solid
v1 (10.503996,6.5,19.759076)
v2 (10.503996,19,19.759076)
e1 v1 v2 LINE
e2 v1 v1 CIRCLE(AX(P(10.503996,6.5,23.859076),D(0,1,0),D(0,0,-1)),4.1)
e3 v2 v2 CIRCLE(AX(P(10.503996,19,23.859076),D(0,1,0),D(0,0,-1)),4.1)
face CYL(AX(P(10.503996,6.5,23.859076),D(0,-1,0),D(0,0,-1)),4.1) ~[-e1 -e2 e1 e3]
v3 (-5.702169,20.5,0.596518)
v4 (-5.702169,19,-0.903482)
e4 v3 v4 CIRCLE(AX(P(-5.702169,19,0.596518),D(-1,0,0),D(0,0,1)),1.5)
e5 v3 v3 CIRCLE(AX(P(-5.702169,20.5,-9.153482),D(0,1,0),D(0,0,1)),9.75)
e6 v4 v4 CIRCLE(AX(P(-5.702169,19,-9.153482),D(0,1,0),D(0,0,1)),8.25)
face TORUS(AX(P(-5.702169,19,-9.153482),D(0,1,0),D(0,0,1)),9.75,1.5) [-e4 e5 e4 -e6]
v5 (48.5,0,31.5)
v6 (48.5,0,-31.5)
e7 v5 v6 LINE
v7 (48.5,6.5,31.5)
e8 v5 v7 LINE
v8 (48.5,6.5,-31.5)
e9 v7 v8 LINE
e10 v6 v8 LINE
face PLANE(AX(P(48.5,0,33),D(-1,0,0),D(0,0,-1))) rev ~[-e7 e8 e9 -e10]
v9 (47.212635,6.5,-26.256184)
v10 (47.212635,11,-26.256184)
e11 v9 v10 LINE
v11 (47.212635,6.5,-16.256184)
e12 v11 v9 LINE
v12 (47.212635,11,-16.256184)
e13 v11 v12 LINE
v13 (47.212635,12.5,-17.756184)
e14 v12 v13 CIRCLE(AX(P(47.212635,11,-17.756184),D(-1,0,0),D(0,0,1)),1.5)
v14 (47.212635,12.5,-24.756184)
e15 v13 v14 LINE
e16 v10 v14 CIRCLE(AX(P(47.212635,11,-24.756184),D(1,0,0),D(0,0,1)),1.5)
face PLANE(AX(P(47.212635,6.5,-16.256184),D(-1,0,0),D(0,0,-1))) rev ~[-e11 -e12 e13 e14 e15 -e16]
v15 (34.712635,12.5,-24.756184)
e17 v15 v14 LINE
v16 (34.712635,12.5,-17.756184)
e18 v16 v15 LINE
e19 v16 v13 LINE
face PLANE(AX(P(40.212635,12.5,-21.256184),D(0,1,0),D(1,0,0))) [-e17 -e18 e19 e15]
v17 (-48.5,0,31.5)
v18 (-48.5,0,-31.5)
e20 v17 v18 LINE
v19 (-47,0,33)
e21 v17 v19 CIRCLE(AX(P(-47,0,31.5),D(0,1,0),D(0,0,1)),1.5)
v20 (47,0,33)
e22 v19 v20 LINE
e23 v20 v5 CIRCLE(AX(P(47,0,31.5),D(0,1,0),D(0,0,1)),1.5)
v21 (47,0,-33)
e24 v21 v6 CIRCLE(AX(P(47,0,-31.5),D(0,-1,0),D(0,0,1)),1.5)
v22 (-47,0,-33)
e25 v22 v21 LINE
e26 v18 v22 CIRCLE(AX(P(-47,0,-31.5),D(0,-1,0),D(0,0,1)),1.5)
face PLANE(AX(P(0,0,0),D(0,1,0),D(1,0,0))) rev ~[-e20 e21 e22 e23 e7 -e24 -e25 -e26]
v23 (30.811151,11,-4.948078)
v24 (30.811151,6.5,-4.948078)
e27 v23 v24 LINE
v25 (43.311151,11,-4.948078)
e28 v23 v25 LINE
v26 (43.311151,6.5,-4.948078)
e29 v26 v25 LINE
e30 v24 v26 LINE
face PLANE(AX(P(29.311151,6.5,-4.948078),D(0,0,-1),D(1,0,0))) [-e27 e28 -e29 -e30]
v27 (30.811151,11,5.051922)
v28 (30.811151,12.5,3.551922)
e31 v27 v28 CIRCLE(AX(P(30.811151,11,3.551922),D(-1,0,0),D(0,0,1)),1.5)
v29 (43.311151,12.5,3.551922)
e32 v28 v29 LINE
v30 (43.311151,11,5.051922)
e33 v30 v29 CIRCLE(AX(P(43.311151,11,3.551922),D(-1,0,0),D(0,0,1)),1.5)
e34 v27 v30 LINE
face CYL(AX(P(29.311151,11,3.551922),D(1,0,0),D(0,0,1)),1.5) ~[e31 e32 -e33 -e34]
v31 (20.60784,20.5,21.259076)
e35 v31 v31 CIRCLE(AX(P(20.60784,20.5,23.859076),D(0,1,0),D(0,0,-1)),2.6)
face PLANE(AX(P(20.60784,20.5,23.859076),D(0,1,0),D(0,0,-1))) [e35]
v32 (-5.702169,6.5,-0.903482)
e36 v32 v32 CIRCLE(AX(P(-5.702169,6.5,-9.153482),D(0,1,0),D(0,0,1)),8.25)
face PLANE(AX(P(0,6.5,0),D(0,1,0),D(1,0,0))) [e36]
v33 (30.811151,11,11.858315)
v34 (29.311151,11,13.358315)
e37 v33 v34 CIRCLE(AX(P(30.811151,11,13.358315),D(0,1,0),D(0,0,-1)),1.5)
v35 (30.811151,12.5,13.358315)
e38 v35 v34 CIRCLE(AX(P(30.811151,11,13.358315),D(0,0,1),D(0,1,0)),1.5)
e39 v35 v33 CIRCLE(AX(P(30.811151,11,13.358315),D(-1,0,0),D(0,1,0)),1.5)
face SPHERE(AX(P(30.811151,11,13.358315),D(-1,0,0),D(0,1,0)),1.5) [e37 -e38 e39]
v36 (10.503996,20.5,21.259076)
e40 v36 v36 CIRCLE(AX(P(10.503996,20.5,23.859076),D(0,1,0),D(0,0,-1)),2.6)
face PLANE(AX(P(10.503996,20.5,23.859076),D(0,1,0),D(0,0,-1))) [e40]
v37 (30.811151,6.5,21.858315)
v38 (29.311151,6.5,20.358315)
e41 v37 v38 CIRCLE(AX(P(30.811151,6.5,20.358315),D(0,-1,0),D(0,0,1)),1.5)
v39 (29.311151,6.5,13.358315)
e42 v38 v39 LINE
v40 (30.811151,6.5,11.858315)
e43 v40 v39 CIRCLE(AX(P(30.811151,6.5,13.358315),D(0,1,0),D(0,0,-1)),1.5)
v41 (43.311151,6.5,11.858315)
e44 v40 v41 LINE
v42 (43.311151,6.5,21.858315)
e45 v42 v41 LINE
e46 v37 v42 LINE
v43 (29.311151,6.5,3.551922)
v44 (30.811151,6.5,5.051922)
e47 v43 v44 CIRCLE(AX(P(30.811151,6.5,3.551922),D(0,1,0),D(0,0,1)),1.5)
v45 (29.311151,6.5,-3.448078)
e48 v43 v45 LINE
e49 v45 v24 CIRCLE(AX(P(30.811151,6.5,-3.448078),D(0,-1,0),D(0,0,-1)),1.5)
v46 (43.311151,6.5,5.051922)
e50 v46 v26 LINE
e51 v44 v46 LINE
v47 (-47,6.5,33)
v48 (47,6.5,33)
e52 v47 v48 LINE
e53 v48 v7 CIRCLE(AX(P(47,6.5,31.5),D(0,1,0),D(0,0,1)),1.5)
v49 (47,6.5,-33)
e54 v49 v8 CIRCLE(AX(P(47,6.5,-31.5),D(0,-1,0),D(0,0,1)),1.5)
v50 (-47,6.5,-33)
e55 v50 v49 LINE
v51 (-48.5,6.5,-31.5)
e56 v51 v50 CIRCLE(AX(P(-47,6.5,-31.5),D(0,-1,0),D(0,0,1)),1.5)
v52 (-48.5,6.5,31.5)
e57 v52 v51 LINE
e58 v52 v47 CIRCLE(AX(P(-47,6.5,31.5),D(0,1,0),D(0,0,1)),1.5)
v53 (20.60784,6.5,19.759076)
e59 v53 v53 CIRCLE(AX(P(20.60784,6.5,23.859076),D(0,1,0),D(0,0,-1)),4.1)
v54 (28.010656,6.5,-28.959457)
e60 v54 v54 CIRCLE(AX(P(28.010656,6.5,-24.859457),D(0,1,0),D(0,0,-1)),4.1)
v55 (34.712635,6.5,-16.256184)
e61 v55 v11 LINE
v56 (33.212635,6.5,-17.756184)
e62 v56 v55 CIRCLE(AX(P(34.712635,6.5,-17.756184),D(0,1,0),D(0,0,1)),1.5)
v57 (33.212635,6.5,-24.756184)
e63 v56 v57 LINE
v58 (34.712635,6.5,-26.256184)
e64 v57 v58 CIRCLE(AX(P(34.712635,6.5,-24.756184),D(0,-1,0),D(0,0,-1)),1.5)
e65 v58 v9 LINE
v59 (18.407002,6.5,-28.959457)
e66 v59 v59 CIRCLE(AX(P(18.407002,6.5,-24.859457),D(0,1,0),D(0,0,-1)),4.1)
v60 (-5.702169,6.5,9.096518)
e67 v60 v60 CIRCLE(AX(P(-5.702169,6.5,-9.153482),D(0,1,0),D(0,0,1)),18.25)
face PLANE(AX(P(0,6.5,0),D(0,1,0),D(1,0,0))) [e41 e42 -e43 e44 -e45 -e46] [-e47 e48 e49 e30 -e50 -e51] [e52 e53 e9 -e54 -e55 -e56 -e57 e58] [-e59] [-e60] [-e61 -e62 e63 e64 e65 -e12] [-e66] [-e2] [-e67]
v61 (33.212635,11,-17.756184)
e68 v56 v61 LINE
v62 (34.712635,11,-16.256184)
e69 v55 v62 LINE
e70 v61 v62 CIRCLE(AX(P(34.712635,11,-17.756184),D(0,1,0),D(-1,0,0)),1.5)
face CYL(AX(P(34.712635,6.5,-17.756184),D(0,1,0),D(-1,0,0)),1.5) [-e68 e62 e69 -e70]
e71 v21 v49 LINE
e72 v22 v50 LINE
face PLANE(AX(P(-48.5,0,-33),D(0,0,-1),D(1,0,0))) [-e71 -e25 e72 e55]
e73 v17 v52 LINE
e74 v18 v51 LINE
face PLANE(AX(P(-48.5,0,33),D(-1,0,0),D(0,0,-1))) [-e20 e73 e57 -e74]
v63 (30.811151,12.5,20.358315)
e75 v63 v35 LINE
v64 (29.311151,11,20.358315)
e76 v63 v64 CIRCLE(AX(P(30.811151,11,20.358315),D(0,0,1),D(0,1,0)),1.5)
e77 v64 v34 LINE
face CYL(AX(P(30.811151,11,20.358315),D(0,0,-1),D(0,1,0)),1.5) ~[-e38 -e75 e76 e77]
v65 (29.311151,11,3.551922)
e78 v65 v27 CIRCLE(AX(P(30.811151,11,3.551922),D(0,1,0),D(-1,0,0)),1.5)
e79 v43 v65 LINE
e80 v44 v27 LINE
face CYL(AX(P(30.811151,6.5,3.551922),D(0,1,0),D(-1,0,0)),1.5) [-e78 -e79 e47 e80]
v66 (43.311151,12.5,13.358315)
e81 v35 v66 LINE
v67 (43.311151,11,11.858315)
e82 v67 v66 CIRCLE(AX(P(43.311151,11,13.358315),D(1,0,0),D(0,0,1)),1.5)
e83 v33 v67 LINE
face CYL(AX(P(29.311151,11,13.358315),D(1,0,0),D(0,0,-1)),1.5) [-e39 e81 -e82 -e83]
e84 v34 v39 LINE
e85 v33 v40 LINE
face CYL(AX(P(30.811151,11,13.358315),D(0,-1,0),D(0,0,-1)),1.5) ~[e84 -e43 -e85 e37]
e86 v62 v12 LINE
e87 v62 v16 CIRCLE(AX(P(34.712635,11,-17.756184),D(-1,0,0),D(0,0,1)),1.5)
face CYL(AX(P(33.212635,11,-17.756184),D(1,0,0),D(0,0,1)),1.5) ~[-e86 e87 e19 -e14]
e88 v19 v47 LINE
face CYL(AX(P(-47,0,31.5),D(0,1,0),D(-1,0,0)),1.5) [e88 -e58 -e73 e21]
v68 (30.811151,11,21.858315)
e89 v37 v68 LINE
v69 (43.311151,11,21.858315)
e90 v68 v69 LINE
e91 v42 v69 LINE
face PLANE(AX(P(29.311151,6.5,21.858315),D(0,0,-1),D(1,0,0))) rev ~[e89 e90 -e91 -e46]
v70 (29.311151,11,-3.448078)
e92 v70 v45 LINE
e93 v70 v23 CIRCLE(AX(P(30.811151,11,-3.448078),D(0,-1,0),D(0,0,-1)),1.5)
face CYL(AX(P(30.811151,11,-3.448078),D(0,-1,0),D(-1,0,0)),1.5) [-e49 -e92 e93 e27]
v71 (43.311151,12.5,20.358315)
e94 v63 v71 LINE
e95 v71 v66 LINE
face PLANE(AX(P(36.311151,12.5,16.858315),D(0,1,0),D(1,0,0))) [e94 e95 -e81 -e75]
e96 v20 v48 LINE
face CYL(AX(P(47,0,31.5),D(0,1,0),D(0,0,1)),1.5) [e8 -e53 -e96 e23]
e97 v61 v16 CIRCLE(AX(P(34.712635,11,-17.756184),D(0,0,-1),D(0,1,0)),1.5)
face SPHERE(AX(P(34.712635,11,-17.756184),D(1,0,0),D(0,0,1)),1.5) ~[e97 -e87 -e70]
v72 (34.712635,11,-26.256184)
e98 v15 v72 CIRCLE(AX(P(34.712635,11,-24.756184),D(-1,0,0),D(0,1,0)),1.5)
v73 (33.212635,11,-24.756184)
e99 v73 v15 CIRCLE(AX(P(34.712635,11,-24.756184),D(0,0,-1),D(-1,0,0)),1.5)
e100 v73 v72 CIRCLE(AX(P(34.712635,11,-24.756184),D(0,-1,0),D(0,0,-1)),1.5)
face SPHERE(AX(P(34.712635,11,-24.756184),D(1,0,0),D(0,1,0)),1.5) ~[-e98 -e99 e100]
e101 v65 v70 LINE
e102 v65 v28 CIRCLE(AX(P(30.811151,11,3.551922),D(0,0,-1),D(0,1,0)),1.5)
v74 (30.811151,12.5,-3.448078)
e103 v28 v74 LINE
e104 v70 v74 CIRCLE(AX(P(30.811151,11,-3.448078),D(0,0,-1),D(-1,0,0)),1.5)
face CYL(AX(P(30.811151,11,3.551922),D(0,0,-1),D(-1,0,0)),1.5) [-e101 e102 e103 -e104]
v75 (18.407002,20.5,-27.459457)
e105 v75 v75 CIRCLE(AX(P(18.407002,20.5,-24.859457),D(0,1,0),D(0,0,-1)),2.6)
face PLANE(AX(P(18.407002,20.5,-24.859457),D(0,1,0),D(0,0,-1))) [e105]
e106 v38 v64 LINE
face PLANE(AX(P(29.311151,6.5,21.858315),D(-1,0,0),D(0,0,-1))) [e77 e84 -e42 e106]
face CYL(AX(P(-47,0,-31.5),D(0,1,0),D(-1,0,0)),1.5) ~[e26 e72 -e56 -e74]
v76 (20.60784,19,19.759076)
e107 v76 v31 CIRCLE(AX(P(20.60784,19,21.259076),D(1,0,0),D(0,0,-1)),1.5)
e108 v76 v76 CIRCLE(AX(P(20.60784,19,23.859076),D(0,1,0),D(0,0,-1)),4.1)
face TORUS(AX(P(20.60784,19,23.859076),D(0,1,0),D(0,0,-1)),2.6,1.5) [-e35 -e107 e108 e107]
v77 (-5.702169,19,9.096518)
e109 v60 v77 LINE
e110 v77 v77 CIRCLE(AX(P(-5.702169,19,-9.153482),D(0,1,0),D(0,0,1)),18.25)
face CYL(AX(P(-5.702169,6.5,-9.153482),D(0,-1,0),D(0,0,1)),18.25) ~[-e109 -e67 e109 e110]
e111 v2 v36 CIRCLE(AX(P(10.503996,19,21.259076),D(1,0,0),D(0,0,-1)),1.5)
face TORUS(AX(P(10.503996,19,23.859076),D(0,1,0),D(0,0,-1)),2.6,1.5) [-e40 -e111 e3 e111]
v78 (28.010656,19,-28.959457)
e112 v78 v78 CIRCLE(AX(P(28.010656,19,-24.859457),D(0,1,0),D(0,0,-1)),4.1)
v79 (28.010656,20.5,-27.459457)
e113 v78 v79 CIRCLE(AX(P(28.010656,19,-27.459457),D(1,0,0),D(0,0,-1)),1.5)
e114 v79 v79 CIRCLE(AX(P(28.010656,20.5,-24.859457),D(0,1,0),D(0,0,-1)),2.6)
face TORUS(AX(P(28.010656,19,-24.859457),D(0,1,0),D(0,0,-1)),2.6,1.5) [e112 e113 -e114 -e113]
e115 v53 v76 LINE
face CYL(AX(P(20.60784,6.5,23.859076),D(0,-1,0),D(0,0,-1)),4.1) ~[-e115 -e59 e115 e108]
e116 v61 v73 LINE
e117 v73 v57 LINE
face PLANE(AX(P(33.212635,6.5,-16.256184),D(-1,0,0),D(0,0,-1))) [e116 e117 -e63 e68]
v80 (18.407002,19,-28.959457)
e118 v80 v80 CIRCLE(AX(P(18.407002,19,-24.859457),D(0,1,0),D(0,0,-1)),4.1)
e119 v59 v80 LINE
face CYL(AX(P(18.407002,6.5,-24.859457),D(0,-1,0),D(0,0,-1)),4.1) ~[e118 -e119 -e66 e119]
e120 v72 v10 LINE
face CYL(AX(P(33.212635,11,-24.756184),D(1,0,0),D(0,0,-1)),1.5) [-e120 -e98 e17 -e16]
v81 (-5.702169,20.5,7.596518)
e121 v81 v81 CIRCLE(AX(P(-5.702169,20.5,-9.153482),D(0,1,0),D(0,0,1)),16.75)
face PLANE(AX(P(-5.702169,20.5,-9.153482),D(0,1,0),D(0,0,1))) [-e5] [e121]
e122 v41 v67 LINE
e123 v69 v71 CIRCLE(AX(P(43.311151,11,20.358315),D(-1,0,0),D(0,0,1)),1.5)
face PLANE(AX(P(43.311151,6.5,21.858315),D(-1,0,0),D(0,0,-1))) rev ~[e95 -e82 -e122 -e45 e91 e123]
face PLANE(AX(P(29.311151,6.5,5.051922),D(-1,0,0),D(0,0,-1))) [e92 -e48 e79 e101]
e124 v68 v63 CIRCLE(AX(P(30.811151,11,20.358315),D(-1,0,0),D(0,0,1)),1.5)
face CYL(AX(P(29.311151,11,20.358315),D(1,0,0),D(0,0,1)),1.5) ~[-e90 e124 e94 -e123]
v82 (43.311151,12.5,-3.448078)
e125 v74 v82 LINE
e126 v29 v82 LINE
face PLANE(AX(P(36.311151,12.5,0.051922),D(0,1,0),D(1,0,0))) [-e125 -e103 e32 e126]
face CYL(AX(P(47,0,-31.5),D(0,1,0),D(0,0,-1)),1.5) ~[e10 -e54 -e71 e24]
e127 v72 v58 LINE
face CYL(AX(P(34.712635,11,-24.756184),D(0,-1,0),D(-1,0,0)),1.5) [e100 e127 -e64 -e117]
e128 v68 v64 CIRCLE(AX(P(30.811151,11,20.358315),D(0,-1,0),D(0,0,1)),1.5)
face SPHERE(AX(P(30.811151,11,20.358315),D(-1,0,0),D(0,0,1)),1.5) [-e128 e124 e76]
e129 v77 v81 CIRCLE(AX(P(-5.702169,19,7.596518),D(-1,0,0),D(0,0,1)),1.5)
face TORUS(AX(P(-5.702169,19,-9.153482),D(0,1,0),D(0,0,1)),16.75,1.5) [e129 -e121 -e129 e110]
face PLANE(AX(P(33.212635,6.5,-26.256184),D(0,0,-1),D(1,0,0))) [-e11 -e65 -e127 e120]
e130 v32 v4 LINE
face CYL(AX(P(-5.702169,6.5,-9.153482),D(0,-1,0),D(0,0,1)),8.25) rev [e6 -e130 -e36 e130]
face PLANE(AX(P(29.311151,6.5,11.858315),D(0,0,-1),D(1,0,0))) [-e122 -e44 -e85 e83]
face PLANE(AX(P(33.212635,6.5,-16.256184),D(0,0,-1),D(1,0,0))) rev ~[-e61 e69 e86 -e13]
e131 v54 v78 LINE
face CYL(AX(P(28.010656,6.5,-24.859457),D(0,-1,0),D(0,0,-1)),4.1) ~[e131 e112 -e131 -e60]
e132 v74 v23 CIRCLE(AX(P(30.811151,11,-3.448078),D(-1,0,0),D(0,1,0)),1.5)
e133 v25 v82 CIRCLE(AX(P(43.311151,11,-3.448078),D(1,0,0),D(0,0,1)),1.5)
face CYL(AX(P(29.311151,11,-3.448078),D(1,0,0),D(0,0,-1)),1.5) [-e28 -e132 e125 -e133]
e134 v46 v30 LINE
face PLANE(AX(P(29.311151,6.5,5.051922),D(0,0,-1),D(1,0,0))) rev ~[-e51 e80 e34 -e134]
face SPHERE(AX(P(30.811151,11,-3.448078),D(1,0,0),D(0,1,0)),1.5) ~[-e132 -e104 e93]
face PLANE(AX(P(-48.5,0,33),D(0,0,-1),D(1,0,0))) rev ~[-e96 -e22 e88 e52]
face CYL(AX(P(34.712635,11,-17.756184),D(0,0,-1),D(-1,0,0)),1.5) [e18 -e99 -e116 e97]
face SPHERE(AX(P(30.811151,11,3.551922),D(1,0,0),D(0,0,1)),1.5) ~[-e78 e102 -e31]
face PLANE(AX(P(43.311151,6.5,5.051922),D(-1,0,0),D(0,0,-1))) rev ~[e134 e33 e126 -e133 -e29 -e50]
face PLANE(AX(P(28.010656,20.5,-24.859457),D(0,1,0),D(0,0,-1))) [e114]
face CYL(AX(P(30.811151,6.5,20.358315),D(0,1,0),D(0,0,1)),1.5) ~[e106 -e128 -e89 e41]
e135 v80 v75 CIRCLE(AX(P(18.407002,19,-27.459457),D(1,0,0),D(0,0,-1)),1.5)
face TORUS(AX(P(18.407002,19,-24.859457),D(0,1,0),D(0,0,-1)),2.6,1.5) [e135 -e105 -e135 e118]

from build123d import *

# Parameters (mm, degrees)
SKETCH1_W      = 97
SKETCH1_H      = 66
EXTRUDE1_DEPTH = 6.5
SKETCH2_R      = 18.25
SKETCH2_R_2    = 8.25
SKETCH2_R_3    = 4.1
EXTRUDE2_DEPTH = 14
SKETCH3_W      = 14
SKETCH3_H      = 10
EXTRUDE3_DEPTH = 6
FILLET1_R      = 1.5
FILLET2_R      = 1.5
FILLET3_R      = 1.5


with BuildPart() as part:
    # Sketch1 → Extrude1 (new body)
    with BuildSketch(Plane(origin=(0, 0, 0), x_dir=(1, 0, 0), z_dir=(0, 1, 0))):
        Rectangle(SKETCH1_W, SKETCH1_H)
    extrude(amount=EXTRUDE1_DEPTH)

    # Sketch2 → Extrude2 (add)
    # profile 1 of 5: a face of its own
    with BuildSketch(Plane(origin=(0, 6.5, 0), x_dir=(1, 0, 0), z_dir=(0, 1, 0))):
        with Locations(Location((-5.702169219, 9.153482167, 0), (0, 0, 270))):
            Circle(SKETCH2_R)
        with Locations(Location((-5.702169219, 9.153482167, 0), (0, 0, 270))):
            Circle(SKETCH2_R_2, mode=Mode.SUBTRACT)
    # profile 2 of 5: a face of its own
    with BuildSketch(Plane(origin=(0, 6.5, 0), x_dir=(1, 0, 0), z_dir=(0, 1, 0))):
        with Locations(Location((18.407002391, 24.859457033, 0), (0, 0, 90))):
            Circle(SKETCH2_R_3)
    # profile 3 of 5: a face of its own
    with BuildSketch(Plane(origin=(0, 6.5, 0), x_dir=(1, 0, 0), z_dir=(0, 1, 0))):
        with Locations(Location((28.010655812, 24.859457033, 0), (0, 0, 90))):
            Circle(SKETCH2_R_3)
    # profile 4 of 5: a face of its own
    with BuildSketch(Plane(origin=(0, 6.5, 0), x_dir=(1, 0, 0), z_dir=(0, 1, 0))):
        with Locations(Location((10.50399593, -23.859076469, 0), (0, 0, 90))):
            Circle(SKETCH2_R_3)
    # profile 5 of 5: a face of its own
    with BuildSketch(Plane(origin=(0, 6.5, 0), x_dir=(1, 0, 0), z_dir=(0, 1, 0))):
        with Locations(Location((20.607839633, -23.859076469, 0), (0, 0, 90))):
            Circle(SKETCH2_R_3)
    extrude(amount=EXTRUDE2_DEPTH)

    # Sketch3 → Extrude3 (add)
    with BuildSketch(Plane(origin=(0, 6.5, 0), x_dir=(1, 0, 0), z_dir=(0, 1, 0))):
        with Locations((40.212634749, 21.256184177)):
            Rectangle(SKETCH3_W, SKETCH3_H)
        with Locations((36.311150546, -0.051921852)):
            Rectangle(SKETCH3_W, SKETCH3_H)
        with Locations((36.311150546, -16.858315339)):
            Rectangle(SKETCH3_W, SKETCH3_H)
    extrude(amount=EXTRUDE3_DEPTH)

    # Fillet1
    fillet1_edges = [part.edges().sort_by_distance(p)[0] for p in [
        (48.5, 3.25, 33),
        (-48.5, 3.25, 33),
        (-48.5, 3.25, -33),
        (48.5, 3.25, -33),
    ]]
    fillet(fillet1_edges, radius=FILLET1_R)

    # Fillet2
    fillet2_edges = [part.edges().sort_by_distance(p)[0] for p in [
        (-5.702169219, 20.5, -27.403482167),
        (-5.702169219, 20.5, -17.403482167),
        (18.407002391, 20.5, -20.759457033),
        (28.010655812, 20.5, -20.759457033),
        (10.50399593, 20.5, 27.959076469),
        (20.607839633, 20.5, 27.959076469),
        (40.212634749, 12.5, -16.256184177),
        (40.212634749, 12.5, -26.256184177),
        (36.311150546, 12.5, 5.051921852),
        (36.311150546, 12.5, -4.948078148),
        (36.311150546, 12.5, 21.858315339),
        (36.311150546, 12.5, 11.858315339),
    ]]
    fillet(fillet2_edges, radius=FILLET2_R)

    # Fillet3
    fillet3_edges = [part.edges().sort_by_distance(p)[0] for p in [
        (29.311150546, 8.75, 21.858315339),
        (29.311150546, 8.75, 11.858315339),
        (29.311150546, 12.060660172, 12.297655167),
        (29.311150546, 12.060660172, 21.418975511),
        (29.311150546, 12.5, 0.051921852),
        (29.311150546, 8.75, 5.051921852),
        (29.311150546, 8.75, -4.948078148),
        (29.311150546, 12.060660172, -4.50873832),
        (29.311150546, 12.060660172, 4.612582024),
        (33.212634749, 12.5, -21.256184177),
        (33.212634749, 8.75, -16.256184177),
        (33.212634749, 8.75, -26.256184177),
        (33.212634749, 12.060660172, -16.695524005),
        (33.212634749, 12.060660172, -25.816844349),
        (29.311150546, 12.5, 16.858315339),
    ]]
    fillet(fillet3_edges, radius=FILLET3_R)


solid = part.part
